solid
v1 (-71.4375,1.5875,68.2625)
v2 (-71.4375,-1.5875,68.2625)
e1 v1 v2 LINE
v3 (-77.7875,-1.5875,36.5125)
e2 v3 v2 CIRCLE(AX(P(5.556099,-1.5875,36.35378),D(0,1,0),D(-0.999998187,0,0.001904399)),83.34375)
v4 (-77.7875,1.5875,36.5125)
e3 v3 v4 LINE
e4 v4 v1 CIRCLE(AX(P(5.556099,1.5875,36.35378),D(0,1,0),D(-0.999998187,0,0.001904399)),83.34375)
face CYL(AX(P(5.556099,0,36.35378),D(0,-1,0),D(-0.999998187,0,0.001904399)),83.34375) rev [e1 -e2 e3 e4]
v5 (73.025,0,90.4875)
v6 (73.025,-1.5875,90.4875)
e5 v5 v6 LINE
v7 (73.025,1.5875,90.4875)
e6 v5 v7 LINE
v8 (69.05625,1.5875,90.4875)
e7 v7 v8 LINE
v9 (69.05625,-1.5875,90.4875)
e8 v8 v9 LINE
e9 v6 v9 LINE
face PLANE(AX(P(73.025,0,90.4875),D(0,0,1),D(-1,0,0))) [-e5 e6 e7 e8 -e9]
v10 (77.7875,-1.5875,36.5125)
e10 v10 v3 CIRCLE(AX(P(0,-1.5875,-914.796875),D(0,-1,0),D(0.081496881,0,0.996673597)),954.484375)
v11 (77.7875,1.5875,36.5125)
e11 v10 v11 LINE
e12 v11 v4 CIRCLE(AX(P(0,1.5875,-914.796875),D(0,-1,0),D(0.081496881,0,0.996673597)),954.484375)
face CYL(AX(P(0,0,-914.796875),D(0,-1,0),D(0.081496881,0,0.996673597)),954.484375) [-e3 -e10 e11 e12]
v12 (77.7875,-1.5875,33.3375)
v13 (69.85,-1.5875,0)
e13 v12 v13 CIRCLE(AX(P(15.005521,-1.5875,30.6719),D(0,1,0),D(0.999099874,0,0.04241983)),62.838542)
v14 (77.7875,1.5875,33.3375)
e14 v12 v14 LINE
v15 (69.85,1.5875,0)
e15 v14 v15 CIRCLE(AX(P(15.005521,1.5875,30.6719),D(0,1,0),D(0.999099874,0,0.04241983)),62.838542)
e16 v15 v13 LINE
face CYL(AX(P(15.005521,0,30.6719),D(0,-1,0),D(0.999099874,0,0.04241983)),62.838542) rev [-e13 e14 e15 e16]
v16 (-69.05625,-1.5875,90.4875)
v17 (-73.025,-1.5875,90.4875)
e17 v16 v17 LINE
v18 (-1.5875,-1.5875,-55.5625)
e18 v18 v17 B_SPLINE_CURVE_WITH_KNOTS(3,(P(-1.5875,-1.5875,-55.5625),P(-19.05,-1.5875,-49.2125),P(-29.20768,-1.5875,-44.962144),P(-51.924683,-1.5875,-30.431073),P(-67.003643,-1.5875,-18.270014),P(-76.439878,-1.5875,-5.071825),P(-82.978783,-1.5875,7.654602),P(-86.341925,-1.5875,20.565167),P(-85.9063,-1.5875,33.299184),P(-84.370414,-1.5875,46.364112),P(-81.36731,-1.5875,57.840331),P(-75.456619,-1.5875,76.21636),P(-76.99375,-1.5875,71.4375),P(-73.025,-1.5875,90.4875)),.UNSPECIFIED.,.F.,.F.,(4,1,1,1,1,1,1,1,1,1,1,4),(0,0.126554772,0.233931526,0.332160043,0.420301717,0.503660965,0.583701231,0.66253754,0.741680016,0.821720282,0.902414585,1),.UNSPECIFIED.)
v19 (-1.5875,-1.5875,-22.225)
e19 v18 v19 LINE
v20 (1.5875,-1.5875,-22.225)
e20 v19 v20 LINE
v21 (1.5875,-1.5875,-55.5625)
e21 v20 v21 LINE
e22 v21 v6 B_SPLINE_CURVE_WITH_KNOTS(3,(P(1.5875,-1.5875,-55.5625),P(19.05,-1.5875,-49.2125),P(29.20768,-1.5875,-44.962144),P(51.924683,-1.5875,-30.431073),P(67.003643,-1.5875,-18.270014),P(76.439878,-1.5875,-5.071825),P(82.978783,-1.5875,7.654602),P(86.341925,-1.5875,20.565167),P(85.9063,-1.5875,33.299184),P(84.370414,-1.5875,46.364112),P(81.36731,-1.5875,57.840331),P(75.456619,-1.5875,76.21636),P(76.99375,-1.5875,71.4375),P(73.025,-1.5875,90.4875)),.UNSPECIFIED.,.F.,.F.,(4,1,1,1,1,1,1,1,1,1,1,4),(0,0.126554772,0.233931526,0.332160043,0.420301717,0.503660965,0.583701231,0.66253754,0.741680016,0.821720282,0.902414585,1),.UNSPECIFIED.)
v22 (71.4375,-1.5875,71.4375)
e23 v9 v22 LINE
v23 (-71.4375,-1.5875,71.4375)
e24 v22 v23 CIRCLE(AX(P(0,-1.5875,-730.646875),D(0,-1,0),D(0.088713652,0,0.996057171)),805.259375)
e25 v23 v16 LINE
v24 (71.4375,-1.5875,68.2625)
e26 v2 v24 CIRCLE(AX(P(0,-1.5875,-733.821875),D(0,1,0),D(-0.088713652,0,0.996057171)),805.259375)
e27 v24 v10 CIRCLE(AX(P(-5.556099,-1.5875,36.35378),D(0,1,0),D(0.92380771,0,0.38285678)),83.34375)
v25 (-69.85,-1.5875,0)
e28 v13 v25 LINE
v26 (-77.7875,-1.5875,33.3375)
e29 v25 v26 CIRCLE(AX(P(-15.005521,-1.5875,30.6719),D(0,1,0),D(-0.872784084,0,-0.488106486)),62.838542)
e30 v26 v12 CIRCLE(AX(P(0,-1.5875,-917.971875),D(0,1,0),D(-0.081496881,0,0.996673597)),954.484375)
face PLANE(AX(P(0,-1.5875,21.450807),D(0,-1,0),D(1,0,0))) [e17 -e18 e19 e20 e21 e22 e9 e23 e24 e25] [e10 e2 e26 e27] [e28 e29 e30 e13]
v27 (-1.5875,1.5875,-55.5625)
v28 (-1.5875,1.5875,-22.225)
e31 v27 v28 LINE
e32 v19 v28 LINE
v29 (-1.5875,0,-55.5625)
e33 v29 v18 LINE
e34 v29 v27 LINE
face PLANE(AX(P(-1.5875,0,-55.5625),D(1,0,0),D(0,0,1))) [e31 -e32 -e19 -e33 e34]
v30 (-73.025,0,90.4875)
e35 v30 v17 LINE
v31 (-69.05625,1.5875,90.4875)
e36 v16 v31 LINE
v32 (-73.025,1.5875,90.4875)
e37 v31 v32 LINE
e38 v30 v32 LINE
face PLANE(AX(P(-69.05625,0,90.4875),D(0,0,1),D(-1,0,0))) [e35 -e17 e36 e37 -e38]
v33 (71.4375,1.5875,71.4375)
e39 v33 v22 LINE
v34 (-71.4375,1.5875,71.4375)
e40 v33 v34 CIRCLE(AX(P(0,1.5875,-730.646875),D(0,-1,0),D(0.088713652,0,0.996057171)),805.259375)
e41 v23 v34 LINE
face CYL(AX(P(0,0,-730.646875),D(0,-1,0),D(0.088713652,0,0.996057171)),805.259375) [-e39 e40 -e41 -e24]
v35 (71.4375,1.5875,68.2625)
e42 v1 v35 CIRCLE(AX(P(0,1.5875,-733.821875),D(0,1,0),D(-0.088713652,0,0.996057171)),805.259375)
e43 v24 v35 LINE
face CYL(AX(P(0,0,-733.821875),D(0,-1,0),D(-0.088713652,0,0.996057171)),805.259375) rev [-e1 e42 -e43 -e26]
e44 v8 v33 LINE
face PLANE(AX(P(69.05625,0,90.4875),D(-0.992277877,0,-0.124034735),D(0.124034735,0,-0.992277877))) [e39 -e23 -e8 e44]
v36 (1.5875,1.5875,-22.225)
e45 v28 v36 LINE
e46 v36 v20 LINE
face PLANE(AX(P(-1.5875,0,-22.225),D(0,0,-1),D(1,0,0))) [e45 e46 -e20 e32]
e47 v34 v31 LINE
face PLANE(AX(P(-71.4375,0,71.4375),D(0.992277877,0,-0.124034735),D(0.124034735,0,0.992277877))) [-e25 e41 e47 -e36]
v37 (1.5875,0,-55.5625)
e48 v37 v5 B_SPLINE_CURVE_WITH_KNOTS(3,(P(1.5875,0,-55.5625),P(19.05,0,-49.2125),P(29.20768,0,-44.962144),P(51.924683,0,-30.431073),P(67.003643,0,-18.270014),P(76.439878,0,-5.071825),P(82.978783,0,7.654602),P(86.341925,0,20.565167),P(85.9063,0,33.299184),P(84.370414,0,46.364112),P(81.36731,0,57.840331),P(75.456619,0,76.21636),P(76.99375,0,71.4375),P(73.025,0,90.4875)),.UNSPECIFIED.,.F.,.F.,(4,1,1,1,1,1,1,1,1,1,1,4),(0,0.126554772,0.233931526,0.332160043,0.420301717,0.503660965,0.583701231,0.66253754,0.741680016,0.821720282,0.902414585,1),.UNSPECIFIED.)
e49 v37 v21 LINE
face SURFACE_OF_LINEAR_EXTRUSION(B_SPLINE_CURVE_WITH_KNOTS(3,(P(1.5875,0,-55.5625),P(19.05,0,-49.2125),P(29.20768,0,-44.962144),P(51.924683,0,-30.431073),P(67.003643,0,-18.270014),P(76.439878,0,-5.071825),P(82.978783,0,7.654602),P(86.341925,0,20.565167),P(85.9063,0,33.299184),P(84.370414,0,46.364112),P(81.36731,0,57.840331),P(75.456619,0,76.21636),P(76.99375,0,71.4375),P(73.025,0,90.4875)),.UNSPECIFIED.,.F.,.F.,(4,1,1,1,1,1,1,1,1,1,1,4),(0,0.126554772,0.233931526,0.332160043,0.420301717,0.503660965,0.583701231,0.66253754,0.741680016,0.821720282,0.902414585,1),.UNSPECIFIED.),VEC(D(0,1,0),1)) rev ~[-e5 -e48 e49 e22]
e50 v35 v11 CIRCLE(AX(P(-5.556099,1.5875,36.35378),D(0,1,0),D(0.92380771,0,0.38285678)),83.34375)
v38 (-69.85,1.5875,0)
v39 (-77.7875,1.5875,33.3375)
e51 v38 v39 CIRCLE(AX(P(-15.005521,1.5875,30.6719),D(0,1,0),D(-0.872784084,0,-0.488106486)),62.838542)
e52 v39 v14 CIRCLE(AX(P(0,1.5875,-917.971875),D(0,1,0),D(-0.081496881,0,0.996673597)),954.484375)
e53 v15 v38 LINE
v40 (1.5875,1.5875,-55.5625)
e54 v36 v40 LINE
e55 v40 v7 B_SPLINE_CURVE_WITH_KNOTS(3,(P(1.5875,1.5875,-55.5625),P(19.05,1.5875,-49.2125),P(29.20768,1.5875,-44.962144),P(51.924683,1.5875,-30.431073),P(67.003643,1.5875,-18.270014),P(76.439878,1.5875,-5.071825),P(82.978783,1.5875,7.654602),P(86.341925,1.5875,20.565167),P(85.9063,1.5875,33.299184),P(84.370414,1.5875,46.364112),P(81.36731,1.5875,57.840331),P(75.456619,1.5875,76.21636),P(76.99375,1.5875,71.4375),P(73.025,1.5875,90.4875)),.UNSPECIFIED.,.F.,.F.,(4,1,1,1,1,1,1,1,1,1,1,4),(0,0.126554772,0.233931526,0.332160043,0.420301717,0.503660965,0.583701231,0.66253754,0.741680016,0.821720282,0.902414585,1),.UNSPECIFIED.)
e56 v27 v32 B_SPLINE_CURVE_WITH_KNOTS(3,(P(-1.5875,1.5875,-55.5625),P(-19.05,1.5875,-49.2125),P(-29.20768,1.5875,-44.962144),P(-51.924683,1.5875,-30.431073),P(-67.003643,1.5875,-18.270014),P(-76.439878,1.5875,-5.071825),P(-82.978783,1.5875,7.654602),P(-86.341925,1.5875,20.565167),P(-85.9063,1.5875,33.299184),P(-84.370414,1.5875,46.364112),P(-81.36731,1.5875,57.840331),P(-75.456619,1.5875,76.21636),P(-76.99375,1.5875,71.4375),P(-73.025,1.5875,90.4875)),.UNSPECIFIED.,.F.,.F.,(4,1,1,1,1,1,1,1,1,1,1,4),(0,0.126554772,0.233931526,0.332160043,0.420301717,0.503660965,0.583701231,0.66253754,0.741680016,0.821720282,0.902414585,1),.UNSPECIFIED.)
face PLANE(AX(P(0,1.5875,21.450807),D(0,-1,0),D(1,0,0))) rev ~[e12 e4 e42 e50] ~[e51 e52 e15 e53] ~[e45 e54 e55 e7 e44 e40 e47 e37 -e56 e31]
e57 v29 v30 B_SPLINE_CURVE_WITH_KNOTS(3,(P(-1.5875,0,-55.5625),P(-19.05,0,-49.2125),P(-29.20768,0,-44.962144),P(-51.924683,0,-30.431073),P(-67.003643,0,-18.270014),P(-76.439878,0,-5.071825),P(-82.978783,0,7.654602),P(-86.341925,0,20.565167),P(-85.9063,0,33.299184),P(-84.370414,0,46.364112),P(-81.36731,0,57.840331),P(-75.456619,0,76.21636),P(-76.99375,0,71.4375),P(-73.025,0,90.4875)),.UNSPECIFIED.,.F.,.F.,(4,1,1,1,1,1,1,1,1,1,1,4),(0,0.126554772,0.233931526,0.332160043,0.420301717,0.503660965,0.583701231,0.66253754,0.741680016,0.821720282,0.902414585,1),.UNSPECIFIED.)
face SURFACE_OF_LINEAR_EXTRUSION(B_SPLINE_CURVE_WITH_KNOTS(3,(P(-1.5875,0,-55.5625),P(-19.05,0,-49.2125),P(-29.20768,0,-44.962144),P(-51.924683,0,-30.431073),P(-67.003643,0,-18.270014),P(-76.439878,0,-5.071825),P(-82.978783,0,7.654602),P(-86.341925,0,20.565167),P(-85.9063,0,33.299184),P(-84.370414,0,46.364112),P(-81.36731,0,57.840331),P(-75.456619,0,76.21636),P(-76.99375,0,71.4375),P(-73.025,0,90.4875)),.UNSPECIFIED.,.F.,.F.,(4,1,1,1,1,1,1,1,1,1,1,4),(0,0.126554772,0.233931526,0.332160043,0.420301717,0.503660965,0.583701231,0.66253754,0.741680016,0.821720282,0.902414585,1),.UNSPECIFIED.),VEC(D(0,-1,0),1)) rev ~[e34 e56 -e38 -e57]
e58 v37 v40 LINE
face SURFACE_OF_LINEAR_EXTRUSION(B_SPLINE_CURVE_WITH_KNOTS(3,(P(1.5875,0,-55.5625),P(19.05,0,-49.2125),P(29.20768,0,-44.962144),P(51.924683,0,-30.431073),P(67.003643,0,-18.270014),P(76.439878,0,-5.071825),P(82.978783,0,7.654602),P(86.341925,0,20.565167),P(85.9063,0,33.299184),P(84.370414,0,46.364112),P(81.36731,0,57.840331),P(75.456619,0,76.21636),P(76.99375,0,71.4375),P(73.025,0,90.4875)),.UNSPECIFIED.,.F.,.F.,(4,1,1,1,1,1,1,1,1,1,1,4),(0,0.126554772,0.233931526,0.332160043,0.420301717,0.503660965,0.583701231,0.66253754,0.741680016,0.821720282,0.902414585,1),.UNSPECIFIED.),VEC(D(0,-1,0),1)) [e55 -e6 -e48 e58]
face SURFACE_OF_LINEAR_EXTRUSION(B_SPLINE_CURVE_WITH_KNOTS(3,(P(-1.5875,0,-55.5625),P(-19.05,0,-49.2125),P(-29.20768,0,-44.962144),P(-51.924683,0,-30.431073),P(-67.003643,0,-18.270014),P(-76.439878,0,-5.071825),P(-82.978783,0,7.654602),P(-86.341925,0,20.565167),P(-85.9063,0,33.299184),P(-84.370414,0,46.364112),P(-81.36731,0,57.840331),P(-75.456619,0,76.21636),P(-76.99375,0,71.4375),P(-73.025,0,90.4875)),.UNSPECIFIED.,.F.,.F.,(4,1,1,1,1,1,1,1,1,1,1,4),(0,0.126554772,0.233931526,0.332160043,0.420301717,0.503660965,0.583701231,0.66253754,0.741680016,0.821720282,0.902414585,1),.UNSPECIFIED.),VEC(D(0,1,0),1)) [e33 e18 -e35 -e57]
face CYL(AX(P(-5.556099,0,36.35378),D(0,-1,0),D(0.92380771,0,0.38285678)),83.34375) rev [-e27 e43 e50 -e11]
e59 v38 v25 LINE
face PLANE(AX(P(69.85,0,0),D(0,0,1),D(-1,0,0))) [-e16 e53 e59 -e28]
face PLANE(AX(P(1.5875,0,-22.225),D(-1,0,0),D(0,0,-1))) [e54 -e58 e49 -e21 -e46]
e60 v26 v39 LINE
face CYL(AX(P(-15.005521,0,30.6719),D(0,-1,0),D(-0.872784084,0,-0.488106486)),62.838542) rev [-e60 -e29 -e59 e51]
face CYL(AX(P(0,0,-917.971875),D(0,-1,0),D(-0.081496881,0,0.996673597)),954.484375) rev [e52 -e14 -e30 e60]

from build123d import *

# Parameters (mm, degrees)
F1_DEPTH = 1.5875


with BuildPart() as f1:
    # F0 (on Front) → F1 (new body, symmetric)
    with BuildSketch(Plane.XZ):
        with BuildLine():
            Line((-1.5875, -22.225), (0, -22.225))
            Line((0, -22.225), (1.5875, -22.225))
            Line((1.5875, -22.225), (1.5875, -55.5625))
            add(Edge.make_bspline(
                [(1.5875, -55.5625), (19.05, -49.2125), (29.2076802304, -44.9621439022), (51.924683385, -30.4310733872), (67.0036426543, -18.2700136727), (76.439877917, -5.0718252395), (82.9787830341, 7.6546021013), (86.3419250395, 20.5651672604), (85.9062998161, 33.2991842766), (84.3704141537, 46.3641116795), (81.3673104522, 57.8403307929), (75.4566187378, 76.2163601744), (76.99375, 71.4375), (73.025, 90.4875)],
                knots=[0, 0, 0, 0, 0.126554772, 0.2339315263, 0.3321600431, 0.4203017168, 0.5036609651, 0.5837012308, 0.6625375404, 0.7416800163, 0.8217202819, 0.902414585, 1, 1, 1, 1], degree=3))
            Line((73.025, 90.4875), (69.05625, 90.4875))
            Line((69.05625, 90.4875), (71.4375, 71.4375))
            ThreePointArc((71.4375, 71.4375), (0, 74.6125), (-71.4375, 71.4375))
            Line((-71.4375, 71.4375), (-69.05625, 90.4875))
            Line((-69.05625, 90.4875), (-73.025, 90.4875))
            add(Edge.make_bspline(
                [(-1.5875, -55.5625), (-19.05, -49.2125), (-29.2076802304, -44.9621439022), (-51.924683385, -30.4310733872), (-67.0036426543, -18.2700136727), (-76.439877917, -5.0718252395), (-82.9787830341, 7.6546021013), (-86.3419250395, 20.5651672604), (-85.9062998161, 33.2991842766), (-84.3704141537, 46.3641116795), (-81.3673104522, 57.8403307929), (-75.4566187378, 76.2163601744), (-76.99375, 71.4375), (-73.025, 90.4875)],
                knots=[0, 0, 0, 0, 0.126554772, 0.2339315263, 0.3321600431, 0.4203017168, 0.5036609651, 0.5837012308, 0.6625375404, 0.7416800163, 0.8217202819, 0.902414585, 1, 1, 1, 1], degree=3))
            Line((-1.5875, -55.5625), (-1.5875, -22.225))
        make_face()
        with BuildLine():
            Line((69.85, 0), (0, 0))
            Line((0, 0), (-69.85, 0))
            ThreePointArc((-69.85, 0), (-76.1352447987, 16.1172036194), (-77.7875, 33.3375))
            ThreePointArc((-77.7875, 33.3375), (0, 36.5125), (77.7875, 33.3375))
            ThreePointArc((77.7875, 33.3375), (76.1352447987, 16.1172036194), (69.85, 0))
        make_face(mode=Mode.SUBTRACT)
        with BuildLine():
            ThreePointArc((-71.4375, 68.2625), (0, 71.4375), (71.4375, 68.2625))
            ThreePointArc((71.4375, 68.2625), (76.1691718227, 52.6988343645), (77.7875, 36.5125))
            ThreePointArc((77.7875, 36.5125), (0, 39.6875), (-77.7875, 36.5125))
            ThreePointArc((-77.7875, 36.5125), (-76.1691718227, 52.6988343645), (-71.4375, 68.2625))
        make_face(mode=Mode.SUBTRACT)
    extrude(amount=F1_DEPTH, both=True)


solid = f1.part
